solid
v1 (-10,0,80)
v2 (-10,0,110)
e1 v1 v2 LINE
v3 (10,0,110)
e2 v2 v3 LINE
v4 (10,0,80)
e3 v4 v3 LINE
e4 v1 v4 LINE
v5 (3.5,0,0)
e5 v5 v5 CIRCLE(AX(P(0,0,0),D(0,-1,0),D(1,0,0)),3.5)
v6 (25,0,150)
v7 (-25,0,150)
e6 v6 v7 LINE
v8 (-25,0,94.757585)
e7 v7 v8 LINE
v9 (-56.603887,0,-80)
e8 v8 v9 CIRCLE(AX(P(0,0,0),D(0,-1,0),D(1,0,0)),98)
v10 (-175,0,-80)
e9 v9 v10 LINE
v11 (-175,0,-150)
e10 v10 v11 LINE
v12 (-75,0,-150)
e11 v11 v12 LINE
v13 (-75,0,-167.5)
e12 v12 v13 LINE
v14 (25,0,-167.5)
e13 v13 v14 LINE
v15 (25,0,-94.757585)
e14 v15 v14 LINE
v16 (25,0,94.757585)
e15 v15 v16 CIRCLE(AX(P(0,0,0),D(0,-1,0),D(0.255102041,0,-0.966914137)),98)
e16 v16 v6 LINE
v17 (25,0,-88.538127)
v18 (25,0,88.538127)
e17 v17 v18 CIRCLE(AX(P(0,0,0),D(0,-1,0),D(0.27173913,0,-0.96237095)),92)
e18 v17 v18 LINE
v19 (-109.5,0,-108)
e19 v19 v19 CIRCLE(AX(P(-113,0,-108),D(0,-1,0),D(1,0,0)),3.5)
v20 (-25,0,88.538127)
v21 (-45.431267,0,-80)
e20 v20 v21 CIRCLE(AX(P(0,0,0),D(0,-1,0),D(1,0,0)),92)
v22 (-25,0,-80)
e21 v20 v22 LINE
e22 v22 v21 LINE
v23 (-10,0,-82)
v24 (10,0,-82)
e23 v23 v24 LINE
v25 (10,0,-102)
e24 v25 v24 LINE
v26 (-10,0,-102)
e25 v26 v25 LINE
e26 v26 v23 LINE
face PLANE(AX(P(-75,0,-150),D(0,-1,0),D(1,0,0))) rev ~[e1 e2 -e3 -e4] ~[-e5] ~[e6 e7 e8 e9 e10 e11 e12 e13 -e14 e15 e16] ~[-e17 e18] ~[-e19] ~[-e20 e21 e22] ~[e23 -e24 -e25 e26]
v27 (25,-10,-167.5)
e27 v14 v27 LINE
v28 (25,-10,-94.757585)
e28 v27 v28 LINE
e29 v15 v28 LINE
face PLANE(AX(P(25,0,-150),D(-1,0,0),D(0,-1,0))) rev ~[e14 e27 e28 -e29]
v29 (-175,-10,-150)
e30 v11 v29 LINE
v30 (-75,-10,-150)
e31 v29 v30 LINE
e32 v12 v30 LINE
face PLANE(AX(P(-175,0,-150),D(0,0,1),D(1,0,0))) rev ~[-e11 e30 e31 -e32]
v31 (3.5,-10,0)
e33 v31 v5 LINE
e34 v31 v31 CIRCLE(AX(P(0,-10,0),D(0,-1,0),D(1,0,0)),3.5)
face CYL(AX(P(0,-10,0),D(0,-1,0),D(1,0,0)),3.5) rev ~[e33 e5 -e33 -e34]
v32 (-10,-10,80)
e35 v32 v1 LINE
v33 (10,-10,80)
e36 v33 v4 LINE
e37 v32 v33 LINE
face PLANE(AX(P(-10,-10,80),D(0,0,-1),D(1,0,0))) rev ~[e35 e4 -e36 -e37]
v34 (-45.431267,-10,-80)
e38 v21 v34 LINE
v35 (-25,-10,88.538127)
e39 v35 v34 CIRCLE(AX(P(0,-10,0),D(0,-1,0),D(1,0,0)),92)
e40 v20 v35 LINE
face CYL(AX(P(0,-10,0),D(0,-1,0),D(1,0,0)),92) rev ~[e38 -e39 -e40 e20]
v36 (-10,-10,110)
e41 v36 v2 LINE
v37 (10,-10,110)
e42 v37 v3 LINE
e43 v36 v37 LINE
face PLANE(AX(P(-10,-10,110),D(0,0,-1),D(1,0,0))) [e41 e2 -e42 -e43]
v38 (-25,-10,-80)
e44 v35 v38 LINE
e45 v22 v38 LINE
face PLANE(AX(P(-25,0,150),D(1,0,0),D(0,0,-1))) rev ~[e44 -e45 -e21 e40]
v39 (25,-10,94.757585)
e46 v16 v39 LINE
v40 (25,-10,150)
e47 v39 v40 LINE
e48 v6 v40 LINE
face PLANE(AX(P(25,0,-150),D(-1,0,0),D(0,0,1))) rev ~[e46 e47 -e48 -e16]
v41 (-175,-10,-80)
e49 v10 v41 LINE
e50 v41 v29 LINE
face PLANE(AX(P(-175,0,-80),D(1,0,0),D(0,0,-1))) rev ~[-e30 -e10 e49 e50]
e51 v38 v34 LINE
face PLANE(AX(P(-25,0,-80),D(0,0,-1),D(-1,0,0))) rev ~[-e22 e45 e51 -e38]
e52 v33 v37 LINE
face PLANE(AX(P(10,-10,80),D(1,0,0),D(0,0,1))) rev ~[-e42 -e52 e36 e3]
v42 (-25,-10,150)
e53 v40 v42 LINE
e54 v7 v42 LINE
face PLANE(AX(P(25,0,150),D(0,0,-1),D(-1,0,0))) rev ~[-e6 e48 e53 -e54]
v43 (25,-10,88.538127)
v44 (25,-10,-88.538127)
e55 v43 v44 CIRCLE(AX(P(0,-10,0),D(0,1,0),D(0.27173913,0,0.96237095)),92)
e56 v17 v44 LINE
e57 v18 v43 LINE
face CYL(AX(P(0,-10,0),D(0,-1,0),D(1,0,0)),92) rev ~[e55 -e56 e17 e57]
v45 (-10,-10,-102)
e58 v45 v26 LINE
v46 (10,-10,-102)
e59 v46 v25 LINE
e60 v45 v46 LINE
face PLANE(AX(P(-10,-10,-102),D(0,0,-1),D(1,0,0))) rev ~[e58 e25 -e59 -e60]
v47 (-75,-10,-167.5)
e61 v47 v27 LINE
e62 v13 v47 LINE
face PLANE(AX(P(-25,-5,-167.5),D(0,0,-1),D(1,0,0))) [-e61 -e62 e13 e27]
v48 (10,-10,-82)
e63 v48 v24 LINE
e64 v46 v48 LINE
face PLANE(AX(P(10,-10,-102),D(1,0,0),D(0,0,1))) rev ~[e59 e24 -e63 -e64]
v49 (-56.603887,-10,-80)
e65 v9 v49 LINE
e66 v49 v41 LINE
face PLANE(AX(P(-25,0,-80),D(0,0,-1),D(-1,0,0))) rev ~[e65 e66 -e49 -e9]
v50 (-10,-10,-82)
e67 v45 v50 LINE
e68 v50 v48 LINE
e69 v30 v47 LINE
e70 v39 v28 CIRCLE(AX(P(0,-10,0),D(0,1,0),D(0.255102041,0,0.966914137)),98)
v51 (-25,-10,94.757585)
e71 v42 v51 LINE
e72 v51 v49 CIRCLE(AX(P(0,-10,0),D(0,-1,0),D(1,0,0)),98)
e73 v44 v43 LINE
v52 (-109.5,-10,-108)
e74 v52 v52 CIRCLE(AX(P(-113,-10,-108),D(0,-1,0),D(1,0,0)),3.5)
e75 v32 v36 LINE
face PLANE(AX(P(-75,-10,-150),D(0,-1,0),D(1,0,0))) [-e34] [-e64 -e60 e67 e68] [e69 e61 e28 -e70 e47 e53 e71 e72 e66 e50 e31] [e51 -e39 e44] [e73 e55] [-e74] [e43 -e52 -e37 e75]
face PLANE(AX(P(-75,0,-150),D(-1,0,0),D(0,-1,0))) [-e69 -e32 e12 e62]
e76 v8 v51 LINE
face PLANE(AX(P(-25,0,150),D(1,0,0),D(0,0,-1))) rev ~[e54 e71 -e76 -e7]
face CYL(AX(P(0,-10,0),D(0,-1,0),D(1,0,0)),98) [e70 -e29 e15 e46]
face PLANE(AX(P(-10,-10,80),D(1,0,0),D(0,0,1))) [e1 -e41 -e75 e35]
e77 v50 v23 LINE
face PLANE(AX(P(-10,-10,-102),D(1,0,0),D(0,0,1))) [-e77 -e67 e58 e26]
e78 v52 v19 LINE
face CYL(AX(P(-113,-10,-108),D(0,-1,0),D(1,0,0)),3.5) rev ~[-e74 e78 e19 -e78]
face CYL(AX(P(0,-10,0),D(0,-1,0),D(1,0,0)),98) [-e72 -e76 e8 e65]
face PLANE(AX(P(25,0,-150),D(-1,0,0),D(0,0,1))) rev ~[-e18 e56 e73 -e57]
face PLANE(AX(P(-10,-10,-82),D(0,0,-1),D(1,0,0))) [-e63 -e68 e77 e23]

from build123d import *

# Parameters (mm, degrees)
F1_DEPTH = 10
F2_R     = 98
F2_R_2   = 92
F3_DEPTH = 10
F4_W     = 100
F4_H     = 10
F5_DEPTH = 17.5
F6_W     = 20
F6_H     = 20
F6_H_2   = 30
F6_R     = 3.5
F7_DEPTH = 10


with BuildPart() as f1:
    # F0 (on Front) → F1 (new body)
    with BuildSketch(Plane.XZ):
        Polygon((25, 150), (-25, 150), (-25, -80), (-175, -80), (-175, -150), (25, -150), align=None)
    extrude(amount=F1_DEPTH)

    # F2 (on face) → F3 (join)
    with BuildSketch(Plane.XZ.offset(10)):
        Circle(F2_R)
        Circle(F2_R_2, mode=Mode.SUBTRACT)
    extrude(amount=-F3_DEPTH)

    # F4 (on face) → F5 (join)
    with BuildSketch(Plane(origin=(0, 0, -150), x_dir=(1, 0, 0), z_dir=(0, 0, -1))):
        with Locations((-25, 5)):
            Rectangle(F4_W, F4_H)
    extrude(amount=F5_DEPTH)

    # F6 (on face) → F7 (cut)
    with BuildSketch(Plane.XZ.offset(10)):
        with Locations((0, -92)):
            Rectangle(F6_W, F6_H)
        with Locations((0, 95)):
            Rectangle(F6_W, F6_H_2)
        Circle(F6_R)
        with Locations((-113, -108)):
            Circle(F6_R)
    extrude(amount=-F7_DEPTH, mode=Mode.SUBTRACT)


solid = f1.part
